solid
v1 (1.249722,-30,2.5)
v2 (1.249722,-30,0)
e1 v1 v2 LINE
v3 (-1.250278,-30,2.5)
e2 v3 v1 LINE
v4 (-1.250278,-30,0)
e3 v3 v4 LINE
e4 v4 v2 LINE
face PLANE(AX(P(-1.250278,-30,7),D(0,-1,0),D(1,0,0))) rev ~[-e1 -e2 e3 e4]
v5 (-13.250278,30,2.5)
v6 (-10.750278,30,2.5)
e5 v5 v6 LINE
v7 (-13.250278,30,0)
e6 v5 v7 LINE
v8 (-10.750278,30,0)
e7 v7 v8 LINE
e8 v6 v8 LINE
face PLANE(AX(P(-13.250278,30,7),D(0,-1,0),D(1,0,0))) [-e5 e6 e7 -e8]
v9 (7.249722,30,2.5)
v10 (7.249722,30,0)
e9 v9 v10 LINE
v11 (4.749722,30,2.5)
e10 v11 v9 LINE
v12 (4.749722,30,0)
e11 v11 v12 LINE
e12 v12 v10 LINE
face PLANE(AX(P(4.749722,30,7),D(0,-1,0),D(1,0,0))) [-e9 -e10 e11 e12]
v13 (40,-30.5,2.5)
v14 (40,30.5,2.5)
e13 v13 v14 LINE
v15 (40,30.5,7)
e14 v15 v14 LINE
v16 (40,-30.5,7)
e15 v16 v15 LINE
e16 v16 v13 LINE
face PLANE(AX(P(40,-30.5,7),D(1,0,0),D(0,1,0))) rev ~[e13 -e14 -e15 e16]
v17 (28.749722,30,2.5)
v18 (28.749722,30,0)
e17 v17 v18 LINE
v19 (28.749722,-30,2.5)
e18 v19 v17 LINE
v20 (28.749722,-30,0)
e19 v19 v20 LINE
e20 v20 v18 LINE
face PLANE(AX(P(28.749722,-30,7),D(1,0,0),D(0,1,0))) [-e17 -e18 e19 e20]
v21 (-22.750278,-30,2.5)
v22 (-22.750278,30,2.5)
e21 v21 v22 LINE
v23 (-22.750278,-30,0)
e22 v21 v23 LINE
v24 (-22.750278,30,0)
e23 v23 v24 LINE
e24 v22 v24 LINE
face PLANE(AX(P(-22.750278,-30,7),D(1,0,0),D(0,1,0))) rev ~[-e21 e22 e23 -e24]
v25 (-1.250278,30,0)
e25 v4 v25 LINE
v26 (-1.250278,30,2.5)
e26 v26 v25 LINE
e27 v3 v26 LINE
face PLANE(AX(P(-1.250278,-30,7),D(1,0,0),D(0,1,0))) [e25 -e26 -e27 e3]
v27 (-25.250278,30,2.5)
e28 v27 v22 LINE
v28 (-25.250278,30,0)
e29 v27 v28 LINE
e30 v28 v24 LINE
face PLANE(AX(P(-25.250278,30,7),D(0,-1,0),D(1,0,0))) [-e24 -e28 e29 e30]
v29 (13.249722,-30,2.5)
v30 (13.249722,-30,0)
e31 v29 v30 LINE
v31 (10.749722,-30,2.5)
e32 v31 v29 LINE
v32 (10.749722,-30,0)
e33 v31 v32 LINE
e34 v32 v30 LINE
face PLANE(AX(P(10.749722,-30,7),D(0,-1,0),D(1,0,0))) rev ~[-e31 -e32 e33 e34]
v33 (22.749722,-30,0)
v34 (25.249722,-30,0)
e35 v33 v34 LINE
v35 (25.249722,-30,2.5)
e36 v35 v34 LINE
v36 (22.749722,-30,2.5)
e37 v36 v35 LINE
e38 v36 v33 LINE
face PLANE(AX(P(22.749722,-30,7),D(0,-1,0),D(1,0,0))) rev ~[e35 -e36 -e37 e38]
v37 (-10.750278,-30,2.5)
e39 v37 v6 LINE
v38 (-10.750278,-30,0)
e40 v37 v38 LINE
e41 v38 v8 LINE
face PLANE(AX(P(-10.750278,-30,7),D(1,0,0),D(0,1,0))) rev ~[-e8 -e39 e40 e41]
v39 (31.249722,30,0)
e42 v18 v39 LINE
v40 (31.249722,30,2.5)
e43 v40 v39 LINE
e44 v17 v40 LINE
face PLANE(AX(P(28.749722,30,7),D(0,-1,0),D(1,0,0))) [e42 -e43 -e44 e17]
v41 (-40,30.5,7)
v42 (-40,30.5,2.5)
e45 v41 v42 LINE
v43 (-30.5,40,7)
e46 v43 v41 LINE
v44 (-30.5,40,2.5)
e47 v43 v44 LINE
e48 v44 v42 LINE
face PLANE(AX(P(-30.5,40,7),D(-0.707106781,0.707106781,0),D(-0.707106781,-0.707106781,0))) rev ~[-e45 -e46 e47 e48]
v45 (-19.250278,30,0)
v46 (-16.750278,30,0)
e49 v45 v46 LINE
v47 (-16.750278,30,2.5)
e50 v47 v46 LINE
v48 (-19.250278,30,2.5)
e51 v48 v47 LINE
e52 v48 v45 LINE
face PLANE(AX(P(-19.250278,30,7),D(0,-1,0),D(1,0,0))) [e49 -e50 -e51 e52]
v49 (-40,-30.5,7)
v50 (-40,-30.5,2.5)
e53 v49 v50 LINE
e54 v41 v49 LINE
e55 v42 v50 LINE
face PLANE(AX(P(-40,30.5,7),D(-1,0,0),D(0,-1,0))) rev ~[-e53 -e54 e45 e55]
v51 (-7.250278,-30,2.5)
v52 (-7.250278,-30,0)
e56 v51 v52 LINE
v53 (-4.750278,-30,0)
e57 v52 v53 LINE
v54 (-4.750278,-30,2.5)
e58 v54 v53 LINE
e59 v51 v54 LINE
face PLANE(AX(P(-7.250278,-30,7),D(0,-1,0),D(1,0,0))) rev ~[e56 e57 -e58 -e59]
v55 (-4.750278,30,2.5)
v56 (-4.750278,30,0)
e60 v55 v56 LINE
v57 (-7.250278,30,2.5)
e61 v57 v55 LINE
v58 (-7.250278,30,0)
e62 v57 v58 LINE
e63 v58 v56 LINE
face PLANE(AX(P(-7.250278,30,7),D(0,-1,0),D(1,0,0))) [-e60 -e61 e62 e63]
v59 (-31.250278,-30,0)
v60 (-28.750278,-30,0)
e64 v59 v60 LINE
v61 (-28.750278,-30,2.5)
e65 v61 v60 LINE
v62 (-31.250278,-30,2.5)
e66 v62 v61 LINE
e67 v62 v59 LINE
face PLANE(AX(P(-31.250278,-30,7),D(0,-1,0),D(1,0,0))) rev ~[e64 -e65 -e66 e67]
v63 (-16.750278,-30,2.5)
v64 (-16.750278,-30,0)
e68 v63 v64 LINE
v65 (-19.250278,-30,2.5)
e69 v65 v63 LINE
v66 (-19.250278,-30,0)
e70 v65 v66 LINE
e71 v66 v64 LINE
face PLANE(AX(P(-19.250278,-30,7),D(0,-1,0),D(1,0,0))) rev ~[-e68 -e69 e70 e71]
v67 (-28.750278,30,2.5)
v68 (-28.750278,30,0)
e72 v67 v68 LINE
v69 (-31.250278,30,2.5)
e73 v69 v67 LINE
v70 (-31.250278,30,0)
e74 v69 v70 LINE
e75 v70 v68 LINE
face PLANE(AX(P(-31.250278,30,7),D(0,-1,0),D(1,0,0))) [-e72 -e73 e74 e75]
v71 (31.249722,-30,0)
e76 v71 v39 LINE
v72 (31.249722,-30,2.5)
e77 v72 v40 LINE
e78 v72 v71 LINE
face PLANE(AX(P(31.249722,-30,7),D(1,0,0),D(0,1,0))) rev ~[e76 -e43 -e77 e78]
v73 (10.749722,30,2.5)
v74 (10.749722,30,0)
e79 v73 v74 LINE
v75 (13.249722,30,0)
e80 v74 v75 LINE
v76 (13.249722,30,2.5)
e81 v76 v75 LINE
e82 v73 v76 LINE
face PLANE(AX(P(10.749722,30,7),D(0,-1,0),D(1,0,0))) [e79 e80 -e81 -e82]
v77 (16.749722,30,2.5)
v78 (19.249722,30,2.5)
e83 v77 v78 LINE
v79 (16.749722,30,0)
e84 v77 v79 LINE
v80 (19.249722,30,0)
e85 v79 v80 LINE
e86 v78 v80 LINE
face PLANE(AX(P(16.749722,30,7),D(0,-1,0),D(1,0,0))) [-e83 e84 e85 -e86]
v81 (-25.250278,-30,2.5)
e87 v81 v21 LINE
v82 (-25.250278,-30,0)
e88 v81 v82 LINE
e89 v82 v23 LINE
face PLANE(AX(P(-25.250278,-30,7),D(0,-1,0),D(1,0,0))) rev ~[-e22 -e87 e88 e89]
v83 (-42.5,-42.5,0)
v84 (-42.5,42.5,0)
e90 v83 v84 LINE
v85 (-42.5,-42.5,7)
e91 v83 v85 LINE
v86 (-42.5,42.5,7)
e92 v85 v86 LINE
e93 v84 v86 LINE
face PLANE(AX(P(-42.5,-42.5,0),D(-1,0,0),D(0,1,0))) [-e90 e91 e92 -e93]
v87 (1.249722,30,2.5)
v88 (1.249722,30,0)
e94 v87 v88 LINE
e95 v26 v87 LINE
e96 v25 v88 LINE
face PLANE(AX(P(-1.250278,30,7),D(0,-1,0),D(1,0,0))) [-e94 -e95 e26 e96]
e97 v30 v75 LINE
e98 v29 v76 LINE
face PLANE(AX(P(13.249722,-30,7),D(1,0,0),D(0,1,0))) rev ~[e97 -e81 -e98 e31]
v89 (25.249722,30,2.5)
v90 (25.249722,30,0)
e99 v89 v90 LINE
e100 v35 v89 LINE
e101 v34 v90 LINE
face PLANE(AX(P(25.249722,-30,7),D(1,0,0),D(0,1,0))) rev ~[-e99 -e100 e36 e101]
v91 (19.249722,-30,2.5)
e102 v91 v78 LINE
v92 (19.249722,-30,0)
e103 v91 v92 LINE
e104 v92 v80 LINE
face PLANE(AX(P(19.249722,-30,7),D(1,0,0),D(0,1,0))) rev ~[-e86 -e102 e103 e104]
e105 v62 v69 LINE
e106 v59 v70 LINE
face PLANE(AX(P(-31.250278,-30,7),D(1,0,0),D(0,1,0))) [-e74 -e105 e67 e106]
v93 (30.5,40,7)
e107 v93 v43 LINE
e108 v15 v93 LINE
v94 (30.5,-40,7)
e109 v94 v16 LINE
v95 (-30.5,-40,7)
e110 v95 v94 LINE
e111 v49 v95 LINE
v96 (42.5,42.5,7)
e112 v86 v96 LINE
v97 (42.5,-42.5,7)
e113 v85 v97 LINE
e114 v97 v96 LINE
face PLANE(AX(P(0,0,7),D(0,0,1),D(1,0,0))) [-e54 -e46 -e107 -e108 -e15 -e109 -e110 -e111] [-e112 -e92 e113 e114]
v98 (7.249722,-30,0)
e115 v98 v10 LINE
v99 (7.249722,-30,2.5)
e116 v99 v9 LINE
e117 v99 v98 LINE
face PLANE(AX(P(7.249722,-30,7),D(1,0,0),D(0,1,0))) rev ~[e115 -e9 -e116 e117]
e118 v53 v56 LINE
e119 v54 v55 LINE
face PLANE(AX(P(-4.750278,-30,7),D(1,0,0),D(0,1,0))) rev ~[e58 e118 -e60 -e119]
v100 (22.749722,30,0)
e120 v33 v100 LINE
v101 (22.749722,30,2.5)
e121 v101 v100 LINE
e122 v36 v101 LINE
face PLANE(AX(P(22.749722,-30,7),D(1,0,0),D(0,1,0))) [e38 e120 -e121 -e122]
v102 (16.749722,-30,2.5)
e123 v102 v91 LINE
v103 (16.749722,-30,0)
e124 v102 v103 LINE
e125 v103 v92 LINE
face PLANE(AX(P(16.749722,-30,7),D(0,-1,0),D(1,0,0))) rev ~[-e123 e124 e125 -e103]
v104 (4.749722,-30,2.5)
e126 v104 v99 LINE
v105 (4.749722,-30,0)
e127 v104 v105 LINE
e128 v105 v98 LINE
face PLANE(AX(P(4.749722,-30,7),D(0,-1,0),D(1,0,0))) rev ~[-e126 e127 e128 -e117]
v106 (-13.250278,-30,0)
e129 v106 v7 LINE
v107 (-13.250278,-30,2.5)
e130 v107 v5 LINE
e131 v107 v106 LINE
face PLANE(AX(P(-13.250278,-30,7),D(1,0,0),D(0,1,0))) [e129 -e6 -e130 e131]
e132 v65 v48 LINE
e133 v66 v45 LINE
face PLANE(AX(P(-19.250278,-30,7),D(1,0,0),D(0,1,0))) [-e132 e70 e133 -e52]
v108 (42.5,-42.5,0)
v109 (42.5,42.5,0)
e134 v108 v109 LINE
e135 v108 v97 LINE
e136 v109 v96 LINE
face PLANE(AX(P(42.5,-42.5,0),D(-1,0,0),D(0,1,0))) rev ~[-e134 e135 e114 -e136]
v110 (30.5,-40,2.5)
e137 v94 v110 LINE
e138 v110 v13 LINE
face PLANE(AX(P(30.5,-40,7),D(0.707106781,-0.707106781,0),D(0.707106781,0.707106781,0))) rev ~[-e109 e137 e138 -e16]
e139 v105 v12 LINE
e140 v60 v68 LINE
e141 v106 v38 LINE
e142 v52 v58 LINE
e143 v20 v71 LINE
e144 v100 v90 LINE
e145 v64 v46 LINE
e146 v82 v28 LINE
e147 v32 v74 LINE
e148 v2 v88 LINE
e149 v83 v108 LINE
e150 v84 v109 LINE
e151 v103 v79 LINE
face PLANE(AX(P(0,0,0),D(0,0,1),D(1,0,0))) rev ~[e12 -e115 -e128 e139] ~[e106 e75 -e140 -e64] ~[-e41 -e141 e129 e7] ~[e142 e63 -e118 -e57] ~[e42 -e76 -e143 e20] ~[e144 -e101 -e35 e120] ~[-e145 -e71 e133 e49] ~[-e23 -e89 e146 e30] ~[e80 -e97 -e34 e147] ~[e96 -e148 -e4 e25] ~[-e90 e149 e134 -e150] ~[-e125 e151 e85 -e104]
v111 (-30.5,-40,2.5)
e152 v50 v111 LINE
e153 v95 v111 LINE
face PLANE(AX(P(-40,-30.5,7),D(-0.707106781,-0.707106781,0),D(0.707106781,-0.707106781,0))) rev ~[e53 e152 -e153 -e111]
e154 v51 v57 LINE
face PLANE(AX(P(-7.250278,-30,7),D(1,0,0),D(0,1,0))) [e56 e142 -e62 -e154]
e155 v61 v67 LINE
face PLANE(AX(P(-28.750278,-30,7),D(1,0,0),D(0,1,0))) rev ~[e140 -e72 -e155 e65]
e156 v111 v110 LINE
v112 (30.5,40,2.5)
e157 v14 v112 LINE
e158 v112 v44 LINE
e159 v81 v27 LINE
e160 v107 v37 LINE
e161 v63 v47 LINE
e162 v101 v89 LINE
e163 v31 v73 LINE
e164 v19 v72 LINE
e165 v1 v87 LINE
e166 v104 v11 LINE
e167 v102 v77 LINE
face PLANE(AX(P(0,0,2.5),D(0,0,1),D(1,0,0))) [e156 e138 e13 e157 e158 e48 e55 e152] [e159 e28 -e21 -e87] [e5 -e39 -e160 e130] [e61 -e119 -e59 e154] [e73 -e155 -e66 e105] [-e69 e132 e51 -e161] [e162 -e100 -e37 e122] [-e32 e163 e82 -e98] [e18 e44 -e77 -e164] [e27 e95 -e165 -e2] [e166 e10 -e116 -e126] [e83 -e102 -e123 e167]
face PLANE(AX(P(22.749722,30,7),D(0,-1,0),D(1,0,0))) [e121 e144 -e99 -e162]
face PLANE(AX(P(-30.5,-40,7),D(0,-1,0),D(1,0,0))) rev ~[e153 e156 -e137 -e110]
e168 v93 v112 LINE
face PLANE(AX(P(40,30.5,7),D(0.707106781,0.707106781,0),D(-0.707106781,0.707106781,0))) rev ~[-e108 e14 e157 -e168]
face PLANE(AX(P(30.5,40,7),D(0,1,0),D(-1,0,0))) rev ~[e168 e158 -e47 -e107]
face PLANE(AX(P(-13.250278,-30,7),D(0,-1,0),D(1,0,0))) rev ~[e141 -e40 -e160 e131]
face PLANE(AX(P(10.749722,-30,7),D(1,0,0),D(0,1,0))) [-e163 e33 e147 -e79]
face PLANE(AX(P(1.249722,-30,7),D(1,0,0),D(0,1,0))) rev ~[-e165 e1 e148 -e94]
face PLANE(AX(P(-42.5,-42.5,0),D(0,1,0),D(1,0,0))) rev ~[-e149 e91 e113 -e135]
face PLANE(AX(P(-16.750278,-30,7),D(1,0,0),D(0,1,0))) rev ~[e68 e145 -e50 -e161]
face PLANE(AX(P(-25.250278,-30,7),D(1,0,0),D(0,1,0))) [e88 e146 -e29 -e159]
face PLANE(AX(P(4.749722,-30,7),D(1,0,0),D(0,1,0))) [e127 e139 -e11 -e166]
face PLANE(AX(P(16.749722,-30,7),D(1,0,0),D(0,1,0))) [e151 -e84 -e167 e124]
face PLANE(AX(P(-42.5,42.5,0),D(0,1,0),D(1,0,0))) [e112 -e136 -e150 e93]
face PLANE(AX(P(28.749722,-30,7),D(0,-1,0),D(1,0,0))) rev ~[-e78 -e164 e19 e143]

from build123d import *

# Parameters (mm, degrees)
F0_W     = 85
F0_H     = 85
F1_DEPTH = 7
F3_DEPTH = 4.5
F4_W     = 2.5
F4_H     = 60
F5_DEPTH = 25


with BuildPart() as f1:
    # F0 (on Top) → F1 (new body)
    with BuildSketch(Plane.XY):
        Rectangle(F0_W, F0_H)
    extrude(amount=F1_DEPTH)

    # F2 (on face) → F3 (cut)
    with BuildSketch(Plane.XY.offset(7)):
        Polygon((30.5, 40), (-30.5, 40), (-40, 30.5), (-40, -30.5), (-30.5, -40), (30.5, -40), (40, -30.5), (40, 30.5), align=None)
    extrude(amount=-F3_DEPTH, mode=Mode.SUBTRACT)

    # F4 (on face) → F5 (cut)
    with BuildSketch(Plane.XY.offset(7)):
        with Locations((-30.000278, 0)):
            Rectangle(F4_W, F4_H)
        with Locations((-24.000278, 0)):
            Rectangle(F4_W, F4_H)
        with Locations((-18.000278, 0)):
            Rectangle(F4_W, F4_H)
        with Locations((-12.000278, 0)):
            Rectangle(F4_W, F4_H)
        with Locations((-6.000278, 0)):
            Rectangle(F4_W, F4_H)
        with Locations((-0.000278, 0)):
            Rectangle(F4_W, F4_H)
        with Locations((5.999722, 0)):
            Rectangle(F4_W, F4_H)
        with Locations((11.999722, 0)):
            Rectangle(F4_W, F4_H)
        with Locations((17.999722, 0)):
            Rectangle(F4_W, F4_H)
        with Locations((23.999722, 0)):
            Rectangle(F4_W, F4_H)
        with Locations((29.999722, 0)):
            Rectangle(F4_W, F4_H)
    extrude(amount=-F5_DEPTH, mode=Mode.SUBTRACT)


solid = f1.part
